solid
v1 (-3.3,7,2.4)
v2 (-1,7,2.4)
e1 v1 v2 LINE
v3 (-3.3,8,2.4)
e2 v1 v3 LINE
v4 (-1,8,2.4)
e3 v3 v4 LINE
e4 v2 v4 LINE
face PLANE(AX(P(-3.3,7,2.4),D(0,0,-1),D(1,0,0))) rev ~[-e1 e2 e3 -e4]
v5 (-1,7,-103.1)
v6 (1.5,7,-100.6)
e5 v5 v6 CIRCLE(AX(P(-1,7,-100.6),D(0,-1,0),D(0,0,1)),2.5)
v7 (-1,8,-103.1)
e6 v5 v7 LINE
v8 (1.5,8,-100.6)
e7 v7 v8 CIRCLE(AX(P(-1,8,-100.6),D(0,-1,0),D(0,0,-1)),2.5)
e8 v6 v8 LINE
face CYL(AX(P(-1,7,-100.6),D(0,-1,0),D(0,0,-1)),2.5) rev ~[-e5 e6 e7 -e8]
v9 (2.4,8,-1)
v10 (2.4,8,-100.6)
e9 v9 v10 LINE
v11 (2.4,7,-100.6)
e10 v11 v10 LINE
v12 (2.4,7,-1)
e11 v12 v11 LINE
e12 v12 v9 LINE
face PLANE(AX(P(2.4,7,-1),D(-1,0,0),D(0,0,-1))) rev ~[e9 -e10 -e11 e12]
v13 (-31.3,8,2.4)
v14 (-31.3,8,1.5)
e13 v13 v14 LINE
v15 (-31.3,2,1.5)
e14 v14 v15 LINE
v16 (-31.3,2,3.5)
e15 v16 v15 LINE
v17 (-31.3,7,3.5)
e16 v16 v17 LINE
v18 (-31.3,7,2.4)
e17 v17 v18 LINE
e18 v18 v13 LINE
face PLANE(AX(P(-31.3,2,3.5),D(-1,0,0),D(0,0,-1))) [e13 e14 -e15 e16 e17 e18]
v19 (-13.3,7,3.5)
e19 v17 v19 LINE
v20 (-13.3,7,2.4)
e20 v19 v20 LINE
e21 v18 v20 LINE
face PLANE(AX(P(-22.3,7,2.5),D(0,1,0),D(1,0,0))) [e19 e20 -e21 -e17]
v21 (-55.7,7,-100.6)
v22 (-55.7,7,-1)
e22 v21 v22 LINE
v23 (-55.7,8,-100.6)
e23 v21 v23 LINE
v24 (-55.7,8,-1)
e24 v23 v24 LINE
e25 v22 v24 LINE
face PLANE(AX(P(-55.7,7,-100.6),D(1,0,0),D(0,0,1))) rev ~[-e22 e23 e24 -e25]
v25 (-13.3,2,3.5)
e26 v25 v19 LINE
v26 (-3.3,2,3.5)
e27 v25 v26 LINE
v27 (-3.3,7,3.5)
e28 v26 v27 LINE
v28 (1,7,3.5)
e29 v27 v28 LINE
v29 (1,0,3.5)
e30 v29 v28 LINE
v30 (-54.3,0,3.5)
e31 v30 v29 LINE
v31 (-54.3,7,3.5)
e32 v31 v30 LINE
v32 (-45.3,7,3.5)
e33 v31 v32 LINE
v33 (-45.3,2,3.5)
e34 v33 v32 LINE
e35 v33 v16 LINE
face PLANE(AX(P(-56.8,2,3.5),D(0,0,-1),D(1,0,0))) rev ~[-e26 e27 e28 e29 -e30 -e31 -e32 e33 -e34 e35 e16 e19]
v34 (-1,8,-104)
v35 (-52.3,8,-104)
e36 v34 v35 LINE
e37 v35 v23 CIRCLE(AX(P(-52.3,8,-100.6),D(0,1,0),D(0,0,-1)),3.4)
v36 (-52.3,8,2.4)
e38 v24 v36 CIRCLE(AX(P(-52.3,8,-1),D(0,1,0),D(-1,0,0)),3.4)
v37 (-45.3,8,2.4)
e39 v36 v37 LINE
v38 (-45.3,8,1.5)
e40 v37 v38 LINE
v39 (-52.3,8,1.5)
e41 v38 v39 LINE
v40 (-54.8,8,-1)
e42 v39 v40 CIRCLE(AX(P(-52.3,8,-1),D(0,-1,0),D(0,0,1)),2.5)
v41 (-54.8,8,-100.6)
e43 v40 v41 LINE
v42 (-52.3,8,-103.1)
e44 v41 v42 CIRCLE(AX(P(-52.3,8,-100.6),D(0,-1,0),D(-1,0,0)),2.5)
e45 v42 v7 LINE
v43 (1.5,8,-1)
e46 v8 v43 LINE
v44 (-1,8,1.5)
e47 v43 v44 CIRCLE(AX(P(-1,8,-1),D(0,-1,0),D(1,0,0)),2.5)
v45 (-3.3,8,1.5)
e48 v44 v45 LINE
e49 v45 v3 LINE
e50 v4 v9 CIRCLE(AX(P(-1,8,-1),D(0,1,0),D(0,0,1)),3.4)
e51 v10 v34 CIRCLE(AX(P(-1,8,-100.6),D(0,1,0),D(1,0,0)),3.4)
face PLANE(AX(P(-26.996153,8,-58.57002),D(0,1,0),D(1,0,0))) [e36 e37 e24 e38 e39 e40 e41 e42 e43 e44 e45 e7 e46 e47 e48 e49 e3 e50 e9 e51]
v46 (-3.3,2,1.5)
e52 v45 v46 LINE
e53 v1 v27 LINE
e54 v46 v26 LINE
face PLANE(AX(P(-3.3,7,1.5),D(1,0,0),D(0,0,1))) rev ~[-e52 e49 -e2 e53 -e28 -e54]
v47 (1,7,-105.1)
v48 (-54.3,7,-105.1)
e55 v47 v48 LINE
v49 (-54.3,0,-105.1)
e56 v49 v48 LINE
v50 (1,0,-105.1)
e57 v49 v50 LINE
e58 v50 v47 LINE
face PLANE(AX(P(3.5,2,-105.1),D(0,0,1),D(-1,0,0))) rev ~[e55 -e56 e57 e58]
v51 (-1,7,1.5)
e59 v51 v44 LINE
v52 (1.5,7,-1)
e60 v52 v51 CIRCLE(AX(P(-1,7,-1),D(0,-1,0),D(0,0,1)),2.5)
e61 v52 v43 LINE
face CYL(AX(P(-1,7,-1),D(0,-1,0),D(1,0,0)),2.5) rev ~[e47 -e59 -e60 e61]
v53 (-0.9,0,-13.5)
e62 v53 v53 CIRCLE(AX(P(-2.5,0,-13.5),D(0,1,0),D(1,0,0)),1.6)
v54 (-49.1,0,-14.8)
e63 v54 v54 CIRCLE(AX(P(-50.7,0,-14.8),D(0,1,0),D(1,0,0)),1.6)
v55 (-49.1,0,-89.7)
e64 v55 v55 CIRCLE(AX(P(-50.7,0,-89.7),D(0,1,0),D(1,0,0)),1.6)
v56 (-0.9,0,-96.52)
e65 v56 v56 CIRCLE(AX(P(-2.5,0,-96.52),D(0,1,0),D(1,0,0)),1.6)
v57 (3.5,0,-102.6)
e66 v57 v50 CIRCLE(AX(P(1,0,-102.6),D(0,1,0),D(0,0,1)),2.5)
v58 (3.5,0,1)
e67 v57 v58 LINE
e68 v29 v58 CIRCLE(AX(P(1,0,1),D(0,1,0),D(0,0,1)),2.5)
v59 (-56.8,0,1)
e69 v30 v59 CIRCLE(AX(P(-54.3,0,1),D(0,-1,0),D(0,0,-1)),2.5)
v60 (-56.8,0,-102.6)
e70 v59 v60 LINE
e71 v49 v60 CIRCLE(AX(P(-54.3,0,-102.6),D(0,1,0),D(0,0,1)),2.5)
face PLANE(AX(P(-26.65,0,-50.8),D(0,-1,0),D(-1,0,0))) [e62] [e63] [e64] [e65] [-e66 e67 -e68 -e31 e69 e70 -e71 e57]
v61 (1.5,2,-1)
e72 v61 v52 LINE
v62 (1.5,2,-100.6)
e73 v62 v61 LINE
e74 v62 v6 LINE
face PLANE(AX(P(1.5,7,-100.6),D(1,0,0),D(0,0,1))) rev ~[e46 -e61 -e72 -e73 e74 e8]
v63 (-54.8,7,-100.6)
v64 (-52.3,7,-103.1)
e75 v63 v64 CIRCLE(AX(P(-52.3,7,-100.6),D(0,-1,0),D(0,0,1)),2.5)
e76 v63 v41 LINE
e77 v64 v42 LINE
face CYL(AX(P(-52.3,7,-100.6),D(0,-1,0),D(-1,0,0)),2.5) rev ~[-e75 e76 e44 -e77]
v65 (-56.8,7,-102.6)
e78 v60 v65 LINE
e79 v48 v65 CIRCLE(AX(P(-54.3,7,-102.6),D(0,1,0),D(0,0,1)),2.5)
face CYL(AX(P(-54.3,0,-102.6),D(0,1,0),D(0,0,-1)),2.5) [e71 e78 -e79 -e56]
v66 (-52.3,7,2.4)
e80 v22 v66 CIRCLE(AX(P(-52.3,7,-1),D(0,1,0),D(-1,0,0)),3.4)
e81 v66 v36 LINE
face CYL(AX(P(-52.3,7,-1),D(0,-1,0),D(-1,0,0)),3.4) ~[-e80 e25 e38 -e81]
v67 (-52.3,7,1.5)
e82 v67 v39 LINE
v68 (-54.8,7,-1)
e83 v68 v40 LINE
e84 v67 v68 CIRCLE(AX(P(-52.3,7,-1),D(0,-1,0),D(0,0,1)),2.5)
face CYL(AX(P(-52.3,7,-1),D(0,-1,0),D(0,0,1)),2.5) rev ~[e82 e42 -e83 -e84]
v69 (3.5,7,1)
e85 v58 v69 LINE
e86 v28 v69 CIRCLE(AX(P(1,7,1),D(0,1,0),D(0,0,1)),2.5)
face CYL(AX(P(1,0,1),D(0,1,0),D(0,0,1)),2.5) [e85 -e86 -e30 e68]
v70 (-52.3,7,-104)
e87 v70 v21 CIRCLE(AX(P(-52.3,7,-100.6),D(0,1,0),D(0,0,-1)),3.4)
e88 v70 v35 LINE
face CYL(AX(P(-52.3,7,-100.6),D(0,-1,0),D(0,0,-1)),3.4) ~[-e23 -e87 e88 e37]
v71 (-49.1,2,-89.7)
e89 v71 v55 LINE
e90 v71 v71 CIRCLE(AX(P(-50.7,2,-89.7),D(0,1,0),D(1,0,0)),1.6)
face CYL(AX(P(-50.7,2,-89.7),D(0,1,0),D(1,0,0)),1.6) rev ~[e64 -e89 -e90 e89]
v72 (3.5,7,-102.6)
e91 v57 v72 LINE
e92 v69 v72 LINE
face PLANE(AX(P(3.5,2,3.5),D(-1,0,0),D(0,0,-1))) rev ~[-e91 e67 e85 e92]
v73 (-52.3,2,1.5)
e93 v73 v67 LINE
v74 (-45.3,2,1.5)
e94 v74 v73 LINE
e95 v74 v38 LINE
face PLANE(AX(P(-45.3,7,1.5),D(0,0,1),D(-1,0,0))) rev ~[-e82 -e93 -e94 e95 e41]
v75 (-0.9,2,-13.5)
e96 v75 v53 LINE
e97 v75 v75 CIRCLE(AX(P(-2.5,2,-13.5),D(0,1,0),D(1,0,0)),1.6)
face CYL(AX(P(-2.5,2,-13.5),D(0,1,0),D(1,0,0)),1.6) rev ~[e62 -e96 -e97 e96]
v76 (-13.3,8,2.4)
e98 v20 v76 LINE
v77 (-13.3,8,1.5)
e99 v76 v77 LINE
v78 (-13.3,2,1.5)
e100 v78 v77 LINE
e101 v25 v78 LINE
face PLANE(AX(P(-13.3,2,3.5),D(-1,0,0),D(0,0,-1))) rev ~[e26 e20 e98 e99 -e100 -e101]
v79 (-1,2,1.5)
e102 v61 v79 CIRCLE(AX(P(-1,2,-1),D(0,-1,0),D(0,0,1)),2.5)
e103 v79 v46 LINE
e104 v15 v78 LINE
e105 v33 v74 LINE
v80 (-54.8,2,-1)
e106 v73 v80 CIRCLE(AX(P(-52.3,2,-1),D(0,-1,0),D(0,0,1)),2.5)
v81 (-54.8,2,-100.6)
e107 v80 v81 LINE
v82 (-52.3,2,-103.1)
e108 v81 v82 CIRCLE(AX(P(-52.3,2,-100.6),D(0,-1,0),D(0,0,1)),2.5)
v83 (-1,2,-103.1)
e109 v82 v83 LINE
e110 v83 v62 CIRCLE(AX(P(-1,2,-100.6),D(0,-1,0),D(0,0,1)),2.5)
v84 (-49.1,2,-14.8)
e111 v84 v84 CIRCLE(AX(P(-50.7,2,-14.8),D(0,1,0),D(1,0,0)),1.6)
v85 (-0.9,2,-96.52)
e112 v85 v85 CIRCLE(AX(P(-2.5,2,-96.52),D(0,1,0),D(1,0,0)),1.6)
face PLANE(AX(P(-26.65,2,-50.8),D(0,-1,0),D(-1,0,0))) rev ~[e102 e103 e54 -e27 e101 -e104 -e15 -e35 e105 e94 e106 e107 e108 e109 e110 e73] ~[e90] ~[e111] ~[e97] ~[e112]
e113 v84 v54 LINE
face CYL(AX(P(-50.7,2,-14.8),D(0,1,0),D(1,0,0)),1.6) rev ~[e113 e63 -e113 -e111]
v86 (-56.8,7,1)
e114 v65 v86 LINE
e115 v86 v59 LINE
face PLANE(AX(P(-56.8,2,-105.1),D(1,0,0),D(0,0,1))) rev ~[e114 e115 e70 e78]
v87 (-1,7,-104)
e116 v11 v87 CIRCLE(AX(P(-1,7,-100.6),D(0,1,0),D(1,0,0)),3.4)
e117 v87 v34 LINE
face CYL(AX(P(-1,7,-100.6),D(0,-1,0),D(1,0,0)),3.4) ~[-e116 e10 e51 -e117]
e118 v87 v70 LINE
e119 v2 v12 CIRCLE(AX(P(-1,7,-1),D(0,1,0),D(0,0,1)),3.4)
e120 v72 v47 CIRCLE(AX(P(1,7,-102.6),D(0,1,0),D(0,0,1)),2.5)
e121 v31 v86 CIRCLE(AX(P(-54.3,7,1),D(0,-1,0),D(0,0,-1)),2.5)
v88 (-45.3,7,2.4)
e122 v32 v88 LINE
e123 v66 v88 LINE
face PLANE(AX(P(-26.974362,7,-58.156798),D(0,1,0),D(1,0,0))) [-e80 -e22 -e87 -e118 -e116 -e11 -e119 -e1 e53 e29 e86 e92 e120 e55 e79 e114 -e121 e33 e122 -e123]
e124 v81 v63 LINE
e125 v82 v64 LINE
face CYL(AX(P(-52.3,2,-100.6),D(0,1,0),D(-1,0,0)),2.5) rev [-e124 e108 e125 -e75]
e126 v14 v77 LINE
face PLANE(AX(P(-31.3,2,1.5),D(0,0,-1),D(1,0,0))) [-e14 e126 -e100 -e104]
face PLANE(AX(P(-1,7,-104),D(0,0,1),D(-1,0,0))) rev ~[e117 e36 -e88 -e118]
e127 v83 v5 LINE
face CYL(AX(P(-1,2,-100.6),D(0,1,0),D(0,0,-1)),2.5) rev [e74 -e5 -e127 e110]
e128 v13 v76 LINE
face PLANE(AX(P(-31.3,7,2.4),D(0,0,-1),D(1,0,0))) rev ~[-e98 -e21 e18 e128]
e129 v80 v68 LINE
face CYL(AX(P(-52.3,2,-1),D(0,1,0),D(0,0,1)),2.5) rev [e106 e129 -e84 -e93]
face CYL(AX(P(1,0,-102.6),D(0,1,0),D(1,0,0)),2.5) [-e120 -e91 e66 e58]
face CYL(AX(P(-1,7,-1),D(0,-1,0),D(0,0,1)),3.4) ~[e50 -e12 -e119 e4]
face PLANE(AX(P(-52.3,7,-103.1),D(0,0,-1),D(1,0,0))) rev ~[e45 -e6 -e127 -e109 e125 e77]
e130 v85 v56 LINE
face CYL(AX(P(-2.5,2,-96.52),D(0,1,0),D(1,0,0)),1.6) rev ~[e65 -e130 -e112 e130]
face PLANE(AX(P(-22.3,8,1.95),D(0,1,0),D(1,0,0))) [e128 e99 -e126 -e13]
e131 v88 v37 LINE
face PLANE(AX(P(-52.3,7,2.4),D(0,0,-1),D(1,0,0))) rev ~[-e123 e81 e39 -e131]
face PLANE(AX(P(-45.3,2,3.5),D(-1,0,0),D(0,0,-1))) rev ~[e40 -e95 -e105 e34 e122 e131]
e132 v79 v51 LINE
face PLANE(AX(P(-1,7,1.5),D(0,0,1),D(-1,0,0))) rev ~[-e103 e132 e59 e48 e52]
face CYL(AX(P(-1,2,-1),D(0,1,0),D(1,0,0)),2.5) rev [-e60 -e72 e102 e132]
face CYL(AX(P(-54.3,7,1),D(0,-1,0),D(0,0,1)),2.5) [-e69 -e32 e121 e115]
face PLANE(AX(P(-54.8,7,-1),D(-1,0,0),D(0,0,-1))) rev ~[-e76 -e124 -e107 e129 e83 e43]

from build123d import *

# Parameters (mm, degrees)
BOSS_EXTRUDE1_DEPTH = 2
SKETCH5_W           = 18
SKETCH5_H           = 2
BOSS_EXTRUDE2_DEPTH = 5
CUT_EXTRUDE1_REACH  = 4
SKETCH6_R           = 1.6
FILLET1_R           = 2.5
SKETCH7_W           = 18
SKETCH7_H           = 0.9
BOSS_EXTRUDE3_DEPTH = 1


with BuildPart() as part:
    # Sketch4 → Boss-Extrude1 (new body)
    with BuildSketch(Plane(origin=(0, 0, 0), x_dir=(1, 0, 0), z_dir=(0, 1, 0))):
        Polygon((-56.8, -3.5), (-56.8, 105.1), (3.5, 105.1), (3.5, -3.5), (-2.3, -3.5), (-14.3, -3.5), (-30.8, -3.5), (-45.8, -3.5), align=None)
    extrude(amount=BOSS_EXTRUDE1_DEPTH)

    # Sketch5 → Boss-Extrude2 (add)
    with BuildSketch(Plane(origin=(0, 2, 0), x_dir=(1, 0, 0), z_dir=(0, 1, 0))):
        Polygon((-45.3, -1.5), (-54.8, -1.5), (-54.8, 103.1), (1.5, 103.1), (1.5, -1.5), (-3.3, -1.5), (-3.3, -3.5), (3.5, -3.5), (3.5, 105.1), (-56.8, 105.1), (-56.8, -3.5), (-45.3, -3.5), align=None)
        with Locations((-22.3, -2.5)):
            Rectangle(SKETCH5_W, SKETCH5_H)
    extrude(amount=BOSS_EXTRUDE2_DEPTH)

    # Sketch6 → Cut-Extrude1 (cut, up to next)
    with BuildSketch(Plane(origin=(0, 2, 0), x_dir=(1, 0, 0), z_dir=(0, 1, 0)), mode=Mode.PRIVATE) as cut_extrude1_sk1:
        with Locations((-2.5, 96.52)):
            Circle(SKETCH6_R)
    cut_extrude1_tool1 = extrude(cut_extrude1_sk1.sketch, amount=-CUT_EXTRUDE1_REACH, mode=Mode.PRIVATE) & part.part
    add(cut_extrude1_tool1.solids().sort_by_distance((-2.5, 2, -96.52))[0], mode=Mode.SUBTRACT)
    # Sketch6 → Cut-Extrude1 (cut, up to next)
    with BuildSketch(Plane(origin=(0, 2, 0), x_dir=(1, 0, 0), z_dir=(0, 1, 0)), mode=Mode.PRIVATE) as cut_extrude1_sk2:
        with Locations((-50.7, 89.7)):
            Circle(SKETCH6_R)
    cut_extrude1_tool2 = extrude(cut_extrude1_sk2.sketch, amount=-CUT_EXTRUDE1_REACH, mode=Mode.PRIVATE) & part.part
    add(cut_extrude1_tool2.solids().sort_by_distance((-50.7, 2, -89.7))[0], mode=Mode.SUBTRACT)
    # Sketch6 → Cut-Extrude1 (cut, up to next)
    with BuildSketch(Plane(origin=(0, 2, 0), x_dir=(1, 0, 0), z_dir=(0, 1, 0)), mode=Mode.PRIVATE) as cut_extrude1_sk3:
        with Locations((-2.5, 13.5)):
            Circle(SKETCH6_R)
    cut_extrude1_tool3 = extrude(cut_extrude1_sk3.sketch, amount=-CUT_EXTRUDE1_REACH, mode=Mode.PRIVATE) & part.part
    add(cut_extrude1_tool3.solids().sort_by_distance((-2.5, 2, -13.5))[0], mode=Mode.SUBTRACT)
    # Sketch6 → Cut-Extrude1 (cut, up to next)
    with BuildSketch(Plane(origin=(0, 2, 0), x_dir=(1, 0, 0), z_dir=(0, 1, 0)), mode=Mode.PRIVATE) as cut_extrude1_sk4:
        with Locations((-50.7, 14.8)):
            Circle(SKETCH6_R)
    cut_extrude1_tool4 = extrude(cut_extrude1_sk4.sketch, amount=-CUT_EXTRUDE1_REACH, mode=Mode.PRIVATE) & part.part
    add(cut_extrude1_tool4.solids().sort_by_distance((-50.7, 2, -14.8))[0], mode=Mode.SUBTRACT)

    # Fillet1
    fillet1_edges = [part.edges().sort_by_distance(p)[0] for p in [
        (3.5, 3.5, 3.5),
        (3.5, 3.5, -105.1),
        (-56.8, 3.5, -105.1),
        (-56.8, 3.5, 3.5),
        (1.5, 4.5, 1.5),
        (-54.8, 4.5, 1.5),
        (-54.8, 4.5, -103.1),
        (1.5, 4.5, -103.1),
    ]]
    fillet(fillet1_edges, radius=FILLET1_R)

    # Sketch7 → Boss-Extrude3 (add)
    with BuildSketch(Plane(origin=(0, 7, 0), x_dir=(1, 0, 0), z_dir=(0, 1, 0))):
        with BuildLine():
            Line((-3.3, -2.4), (-1, -2.4))
            ThreePointArc((-1, -2.4), (1.404163056, -1.404163056), (2.4, 1))
            Line((2.4, 1), (2.4, 100.6))
            ThreePointArc((2.4, 100.6), (1.404163056, 103.004163056), (-1, 104))
            Line((-1, 104), (-52.3, 104))
            ThreePointArc((-52.3, 104), (-54.704163056, 103.004163056), (-55.7, 100.6))
            Line((-55.7, 100.6), (-55.7, 1))
            ThreePointArc((-55.7, 1), (-54.704163056, -1.404163056), (-52.3, -2.4))
            Line((-52.3, -2.4), (-45.3, -2.4))
            Line((-45.3, -2.4), (-45.3, -1.5))
            Line((-45.3, -1.5), (-52.3, -1.5))
            ThreePointArc((-52.3, -1.5), (-54.067766953, -0.767766953), (-54.8, 1))
            Line((-54.8, 1), (-54.8, 100.6))
            ThreePointArc((-54.8, 100.6), (-54.067766953, 102.367766953), (-52.3, 103.1))
            Line((-52.3, 103.1), (-1, 103.1))
            ThreePointArc((-1, 103.1), (0.767766953, 102.367766953), (1.5, 100.6))
            Line((1.5, 100.6), (1.5, 1))
            ThreePointArc((1.5, 1), (0.767766953, -0.767766953), (-1, -1.5))
            Line((-1, -1.5), (-3.3, -1.5))
            Line((-3.3, -1.5), (-3.3, -2.4))
        make_face()
        with Locations((-22.3, -1.95)):
            Rectangle(SKETCH7_W, SKETCH7_H)
    extrude(amount=BOSS_EXTRUDE3_DEPTH)


solid = part.part
